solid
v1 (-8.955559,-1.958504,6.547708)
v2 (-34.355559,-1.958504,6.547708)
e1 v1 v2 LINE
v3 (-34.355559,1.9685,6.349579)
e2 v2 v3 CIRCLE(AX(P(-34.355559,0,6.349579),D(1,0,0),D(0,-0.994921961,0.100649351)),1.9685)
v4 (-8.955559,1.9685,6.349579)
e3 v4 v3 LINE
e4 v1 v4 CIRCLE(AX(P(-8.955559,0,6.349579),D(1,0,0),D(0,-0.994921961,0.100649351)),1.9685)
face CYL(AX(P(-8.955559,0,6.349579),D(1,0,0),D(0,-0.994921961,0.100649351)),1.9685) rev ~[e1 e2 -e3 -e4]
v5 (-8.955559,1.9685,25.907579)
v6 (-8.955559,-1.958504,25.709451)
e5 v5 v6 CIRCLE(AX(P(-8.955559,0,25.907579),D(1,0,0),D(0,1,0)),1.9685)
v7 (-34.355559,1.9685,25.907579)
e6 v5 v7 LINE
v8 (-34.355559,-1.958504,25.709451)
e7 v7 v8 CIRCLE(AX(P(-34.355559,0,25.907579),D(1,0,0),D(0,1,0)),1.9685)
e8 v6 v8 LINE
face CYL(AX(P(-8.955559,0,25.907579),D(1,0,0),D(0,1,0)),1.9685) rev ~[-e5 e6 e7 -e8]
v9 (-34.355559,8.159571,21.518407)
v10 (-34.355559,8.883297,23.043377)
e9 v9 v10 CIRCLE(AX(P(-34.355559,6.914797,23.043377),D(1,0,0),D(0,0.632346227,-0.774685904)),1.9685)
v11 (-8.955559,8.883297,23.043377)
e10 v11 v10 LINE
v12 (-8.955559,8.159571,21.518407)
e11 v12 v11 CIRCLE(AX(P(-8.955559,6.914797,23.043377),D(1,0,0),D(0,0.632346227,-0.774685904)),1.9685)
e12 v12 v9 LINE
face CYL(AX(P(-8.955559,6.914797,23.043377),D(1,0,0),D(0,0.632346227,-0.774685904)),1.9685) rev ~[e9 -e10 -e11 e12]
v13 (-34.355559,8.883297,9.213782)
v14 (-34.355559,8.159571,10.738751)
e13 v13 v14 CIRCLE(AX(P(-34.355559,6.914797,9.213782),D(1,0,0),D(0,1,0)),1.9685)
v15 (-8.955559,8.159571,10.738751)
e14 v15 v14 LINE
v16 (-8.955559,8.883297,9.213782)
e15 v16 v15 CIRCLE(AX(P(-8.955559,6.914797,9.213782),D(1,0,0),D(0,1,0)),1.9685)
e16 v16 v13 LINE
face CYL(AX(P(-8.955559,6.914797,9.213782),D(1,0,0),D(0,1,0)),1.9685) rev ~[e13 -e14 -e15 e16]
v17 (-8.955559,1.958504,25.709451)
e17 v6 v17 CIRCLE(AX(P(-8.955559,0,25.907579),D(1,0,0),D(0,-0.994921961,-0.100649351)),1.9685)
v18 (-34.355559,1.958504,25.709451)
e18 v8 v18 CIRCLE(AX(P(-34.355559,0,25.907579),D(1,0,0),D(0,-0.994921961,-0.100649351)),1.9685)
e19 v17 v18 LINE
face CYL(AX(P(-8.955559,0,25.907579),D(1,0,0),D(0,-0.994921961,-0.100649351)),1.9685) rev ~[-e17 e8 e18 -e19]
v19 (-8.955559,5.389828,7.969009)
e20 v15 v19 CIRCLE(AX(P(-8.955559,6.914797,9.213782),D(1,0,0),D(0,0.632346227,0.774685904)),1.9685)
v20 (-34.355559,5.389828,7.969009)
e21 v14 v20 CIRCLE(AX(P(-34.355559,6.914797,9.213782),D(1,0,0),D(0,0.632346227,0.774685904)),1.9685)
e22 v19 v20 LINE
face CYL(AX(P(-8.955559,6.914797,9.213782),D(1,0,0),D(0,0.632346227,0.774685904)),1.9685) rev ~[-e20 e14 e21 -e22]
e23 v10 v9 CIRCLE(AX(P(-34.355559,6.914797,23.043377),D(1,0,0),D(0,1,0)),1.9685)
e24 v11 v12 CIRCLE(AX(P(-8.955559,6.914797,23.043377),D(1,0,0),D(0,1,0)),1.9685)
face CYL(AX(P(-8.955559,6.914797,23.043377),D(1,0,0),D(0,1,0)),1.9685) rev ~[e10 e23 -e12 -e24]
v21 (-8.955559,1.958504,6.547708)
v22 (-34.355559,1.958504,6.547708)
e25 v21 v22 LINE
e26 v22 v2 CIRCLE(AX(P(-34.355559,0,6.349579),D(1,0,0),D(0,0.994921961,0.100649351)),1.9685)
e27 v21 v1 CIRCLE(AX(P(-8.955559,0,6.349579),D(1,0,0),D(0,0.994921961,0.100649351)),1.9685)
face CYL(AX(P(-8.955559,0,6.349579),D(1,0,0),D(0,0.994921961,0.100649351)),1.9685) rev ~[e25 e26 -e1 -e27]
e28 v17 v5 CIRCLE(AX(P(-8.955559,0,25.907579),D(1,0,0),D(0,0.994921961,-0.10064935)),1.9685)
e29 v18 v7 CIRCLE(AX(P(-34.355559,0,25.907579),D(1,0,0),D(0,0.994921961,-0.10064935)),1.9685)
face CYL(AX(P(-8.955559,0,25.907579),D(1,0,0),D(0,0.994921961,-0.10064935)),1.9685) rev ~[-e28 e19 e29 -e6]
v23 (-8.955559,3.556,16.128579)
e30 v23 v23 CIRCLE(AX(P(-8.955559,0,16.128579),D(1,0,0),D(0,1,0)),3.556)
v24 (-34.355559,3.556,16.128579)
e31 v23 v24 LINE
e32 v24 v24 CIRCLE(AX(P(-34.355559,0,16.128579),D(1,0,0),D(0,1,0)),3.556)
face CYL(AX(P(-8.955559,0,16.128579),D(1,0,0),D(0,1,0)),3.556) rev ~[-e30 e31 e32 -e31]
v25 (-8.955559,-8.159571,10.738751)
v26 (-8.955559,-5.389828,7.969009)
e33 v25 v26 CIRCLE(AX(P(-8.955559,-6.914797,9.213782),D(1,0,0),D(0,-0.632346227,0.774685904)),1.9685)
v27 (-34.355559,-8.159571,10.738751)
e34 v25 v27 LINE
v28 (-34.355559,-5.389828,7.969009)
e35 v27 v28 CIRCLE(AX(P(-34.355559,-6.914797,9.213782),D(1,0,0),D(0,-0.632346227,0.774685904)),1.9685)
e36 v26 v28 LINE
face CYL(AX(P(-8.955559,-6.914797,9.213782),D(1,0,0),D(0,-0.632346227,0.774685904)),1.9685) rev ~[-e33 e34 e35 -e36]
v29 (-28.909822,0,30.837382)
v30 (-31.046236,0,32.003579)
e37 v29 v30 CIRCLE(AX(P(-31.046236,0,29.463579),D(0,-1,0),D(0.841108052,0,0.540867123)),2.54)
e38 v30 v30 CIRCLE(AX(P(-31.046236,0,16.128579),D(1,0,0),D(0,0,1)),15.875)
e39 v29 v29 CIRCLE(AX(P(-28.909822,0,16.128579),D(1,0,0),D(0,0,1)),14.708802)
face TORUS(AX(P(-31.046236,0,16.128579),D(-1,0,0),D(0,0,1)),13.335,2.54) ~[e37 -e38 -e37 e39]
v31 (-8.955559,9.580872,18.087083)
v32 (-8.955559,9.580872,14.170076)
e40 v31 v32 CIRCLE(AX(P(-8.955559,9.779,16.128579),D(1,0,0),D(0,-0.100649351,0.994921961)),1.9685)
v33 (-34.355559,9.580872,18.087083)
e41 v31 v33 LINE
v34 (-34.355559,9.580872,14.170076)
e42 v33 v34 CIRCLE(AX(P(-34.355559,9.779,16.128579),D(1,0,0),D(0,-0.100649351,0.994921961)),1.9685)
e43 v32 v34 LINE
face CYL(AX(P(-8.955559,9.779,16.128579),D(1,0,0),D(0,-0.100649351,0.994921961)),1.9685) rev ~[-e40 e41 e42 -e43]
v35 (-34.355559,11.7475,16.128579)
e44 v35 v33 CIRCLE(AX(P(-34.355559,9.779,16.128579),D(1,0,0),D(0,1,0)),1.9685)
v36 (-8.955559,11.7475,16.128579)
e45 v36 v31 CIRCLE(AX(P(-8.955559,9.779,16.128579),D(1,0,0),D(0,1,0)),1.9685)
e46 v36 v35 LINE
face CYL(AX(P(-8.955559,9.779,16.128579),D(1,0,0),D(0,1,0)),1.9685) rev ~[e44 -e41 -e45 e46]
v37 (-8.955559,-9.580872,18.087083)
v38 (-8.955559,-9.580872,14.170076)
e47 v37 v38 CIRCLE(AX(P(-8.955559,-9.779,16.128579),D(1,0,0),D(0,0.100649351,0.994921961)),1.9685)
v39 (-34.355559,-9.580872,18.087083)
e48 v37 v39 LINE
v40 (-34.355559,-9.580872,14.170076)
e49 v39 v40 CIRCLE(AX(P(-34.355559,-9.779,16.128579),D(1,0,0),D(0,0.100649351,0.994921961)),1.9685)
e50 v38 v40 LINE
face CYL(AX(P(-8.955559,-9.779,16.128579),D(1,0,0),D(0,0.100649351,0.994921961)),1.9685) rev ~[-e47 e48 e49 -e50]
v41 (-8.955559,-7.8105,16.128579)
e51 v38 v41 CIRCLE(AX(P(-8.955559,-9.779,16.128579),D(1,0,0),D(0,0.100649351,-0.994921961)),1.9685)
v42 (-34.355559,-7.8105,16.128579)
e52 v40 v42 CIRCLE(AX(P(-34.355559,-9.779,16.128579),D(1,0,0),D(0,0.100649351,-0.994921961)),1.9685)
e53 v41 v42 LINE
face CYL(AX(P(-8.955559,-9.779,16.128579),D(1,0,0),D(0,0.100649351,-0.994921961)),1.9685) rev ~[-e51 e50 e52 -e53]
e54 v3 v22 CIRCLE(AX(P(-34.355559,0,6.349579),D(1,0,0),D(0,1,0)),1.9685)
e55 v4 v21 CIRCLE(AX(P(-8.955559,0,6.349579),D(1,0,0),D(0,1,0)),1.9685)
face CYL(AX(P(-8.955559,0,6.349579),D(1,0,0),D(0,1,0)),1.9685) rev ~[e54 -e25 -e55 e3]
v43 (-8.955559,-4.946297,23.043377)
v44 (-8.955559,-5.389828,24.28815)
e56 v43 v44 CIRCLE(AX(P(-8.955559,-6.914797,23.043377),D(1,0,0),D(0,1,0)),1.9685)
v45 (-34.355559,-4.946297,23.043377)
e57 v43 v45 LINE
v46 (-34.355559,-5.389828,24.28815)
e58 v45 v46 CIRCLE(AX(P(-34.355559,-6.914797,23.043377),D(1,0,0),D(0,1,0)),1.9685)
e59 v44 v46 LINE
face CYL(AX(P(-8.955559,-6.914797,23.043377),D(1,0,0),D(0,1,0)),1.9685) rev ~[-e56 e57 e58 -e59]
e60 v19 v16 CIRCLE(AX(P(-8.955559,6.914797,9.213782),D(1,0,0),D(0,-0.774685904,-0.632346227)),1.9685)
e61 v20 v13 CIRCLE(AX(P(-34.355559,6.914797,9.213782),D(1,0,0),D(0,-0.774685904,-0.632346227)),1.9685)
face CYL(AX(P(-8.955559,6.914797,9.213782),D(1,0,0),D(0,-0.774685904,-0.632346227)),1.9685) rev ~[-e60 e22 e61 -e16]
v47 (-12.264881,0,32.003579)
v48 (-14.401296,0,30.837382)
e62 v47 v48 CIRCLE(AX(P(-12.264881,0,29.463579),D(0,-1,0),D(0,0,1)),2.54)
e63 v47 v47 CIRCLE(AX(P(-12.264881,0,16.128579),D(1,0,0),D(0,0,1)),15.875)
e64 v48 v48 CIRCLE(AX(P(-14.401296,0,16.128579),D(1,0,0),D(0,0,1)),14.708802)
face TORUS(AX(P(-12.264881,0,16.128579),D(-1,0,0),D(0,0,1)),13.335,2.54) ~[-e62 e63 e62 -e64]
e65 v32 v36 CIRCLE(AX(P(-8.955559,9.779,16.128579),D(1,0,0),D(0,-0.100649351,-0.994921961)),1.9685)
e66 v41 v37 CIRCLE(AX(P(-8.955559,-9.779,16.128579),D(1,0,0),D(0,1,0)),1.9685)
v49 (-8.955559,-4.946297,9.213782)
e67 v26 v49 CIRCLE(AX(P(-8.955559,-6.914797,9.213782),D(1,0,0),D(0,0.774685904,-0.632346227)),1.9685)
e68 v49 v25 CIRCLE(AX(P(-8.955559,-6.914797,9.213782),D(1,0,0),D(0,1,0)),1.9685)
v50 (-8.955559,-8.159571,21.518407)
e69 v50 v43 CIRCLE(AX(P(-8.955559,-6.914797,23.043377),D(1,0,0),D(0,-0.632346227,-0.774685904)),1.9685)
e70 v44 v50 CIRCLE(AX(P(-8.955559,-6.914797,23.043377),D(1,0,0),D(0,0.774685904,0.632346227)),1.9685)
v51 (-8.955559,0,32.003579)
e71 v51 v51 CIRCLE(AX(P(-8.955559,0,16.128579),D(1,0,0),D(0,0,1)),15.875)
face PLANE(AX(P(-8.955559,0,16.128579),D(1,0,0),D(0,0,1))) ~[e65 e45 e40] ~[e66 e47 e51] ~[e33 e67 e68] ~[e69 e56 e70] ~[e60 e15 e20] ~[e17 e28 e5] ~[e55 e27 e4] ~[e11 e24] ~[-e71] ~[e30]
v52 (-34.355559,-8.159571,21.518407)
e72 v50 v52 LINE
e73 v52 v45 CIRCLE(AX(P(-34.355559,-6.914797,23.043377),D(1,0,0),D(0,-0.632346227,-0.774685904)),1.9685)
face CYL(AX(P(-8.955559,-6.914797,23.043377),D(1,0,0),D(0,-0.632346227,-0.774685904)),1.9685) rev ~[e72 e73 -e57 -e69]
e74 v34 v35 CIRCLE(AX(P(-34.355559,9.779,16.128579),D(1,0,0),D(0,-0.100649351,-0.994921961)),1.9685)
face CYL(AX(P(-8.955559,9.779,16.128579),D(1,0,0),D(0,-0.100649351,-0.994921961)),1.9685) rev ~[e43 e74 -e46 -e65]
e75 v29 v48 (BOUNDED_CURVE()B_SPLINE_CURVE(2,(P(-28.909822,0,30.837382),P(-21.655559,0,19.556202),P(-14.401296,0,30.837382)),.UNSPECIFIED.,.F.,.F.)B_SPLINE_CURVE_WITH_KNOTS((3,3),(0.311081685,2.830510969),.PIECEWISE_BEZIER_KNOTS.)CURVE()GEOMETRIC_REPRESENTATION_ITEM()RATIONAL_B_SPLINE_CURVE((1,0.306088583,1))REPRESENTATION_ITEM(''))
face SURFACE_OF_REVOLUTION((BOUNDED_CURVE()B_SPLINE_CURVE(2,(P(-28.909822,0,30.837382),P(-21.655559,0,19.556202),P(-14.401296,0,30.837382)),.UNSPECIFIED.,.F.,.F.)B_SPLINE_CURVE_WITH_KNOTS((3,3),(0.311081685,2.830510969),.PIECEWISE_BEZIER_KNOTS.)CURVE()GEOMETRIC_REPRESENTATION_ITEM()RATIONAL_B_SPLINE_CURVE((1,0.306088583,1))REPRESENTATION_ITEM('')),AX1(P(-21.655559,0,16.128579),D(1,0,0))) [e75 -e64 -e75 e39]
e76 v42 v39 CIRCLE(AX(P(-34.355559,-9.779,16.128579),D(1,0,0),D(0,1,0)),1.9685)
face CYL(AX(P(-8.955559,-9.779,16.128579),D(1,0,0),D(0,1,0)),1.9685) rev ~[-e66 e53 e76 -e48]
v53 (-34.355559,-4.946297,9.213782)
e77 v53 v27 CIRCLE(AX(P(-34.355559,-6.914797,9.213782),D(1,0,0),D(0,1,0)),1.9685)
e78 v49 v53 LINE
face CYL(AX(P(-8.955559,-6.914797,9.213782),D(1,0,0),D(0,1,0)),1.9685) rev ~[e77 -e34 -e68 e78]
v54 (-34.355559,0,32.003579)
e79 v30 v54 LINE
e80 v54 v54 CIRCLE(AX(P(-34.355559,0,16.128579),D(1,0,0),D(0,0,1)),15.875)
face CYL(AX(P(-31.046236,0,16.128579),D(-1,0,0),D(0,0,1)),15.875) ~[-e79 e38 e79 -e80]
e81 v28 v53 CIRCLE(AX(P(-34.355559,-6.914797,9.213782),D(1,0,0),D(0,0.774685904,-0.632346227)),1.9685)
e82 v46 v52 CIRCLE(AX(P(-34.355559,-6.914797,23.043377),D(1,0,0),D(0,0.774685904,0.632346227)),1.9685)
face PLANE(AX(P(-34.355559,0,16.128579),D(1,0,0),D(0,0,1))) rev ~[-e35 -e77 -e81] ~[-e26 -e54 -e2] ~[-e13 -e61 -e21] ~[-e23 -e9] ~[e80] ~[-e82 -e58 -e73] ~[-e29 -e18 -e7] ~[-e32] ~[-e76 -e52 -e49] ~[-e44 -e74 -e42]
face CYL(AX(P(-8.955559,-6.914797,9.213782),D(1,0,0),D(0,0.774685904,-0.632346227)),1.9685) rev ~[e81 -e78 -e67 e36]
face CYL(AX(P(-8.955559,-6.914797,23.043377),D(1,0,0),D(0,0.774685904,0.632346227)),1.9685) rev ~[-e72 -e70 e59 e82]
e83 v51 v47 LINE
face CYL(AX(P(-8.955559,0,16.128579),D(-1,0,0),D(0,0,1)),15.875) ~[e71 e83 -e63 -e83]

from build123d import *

# Parameters (mm, degrees)
F2_R     = 3.556
F3_DEPTH = 25.4


with BuildPart() as f1:
    # F0 (on Front) → F1 (revolve)
    with BuildSketch(Plane.XZ):
        with BuildLine():
            Line((-34.355558762, 32.0035794258), (-34.355558762, 16.1285794258))
            Line((-34.355558762, 16.1285794258), (-8.955558762, 16.1285794258))
            Line((-8.955558762, 16.1285794258), (-8.955558762, 32.0035794258))
            Line((-8.955558762, 32.0035794258), (-12.2648811793, 32.0035794258))
            ThreePointArc((-12.2648811793, 32.0035794258), (-13.481873716, 31.6930477852), (-14.4012956315, 30.8373819184))
            add(Edge.make_bspline(
                [(-28.9098218924, 30.8373819184), (-21.655558762, 19.5562023631), (-14.4012956315, 30.8373819184)],
                knots=[0.3110816849, 0.3110816849, 0.3110816849, 2.8305109687, 2.8305109687, 2.8305109687], degree=2, weights=[1, 0.3060885826, 1]))
            ThreePointArc((-28.9098218924, 30.8373819184), (-29.8292438079, 31.6930477852), (-31.0462363446, 32.0035794258))
            Line((-31.0462363446, 32.0035794258), (-34.355558762, 32.0035794258))
        make_face()
    revolve(axis=Axis((-21.655558762, 0, 16.1285794258), (1, 0, 0)))

    # F2 (on face) → F3 (cut)
    with BuildSketch(Plane.YZ.offset(-8.955558762)):
        with BuildLine():
            ThreePointArc((5.3898280119, 24.2881501867), (5.5228575145, 21.6514369403), (8.1595707609, 21.5184074377))
            ThreePointArc((8.1595707609, 21.5184074377), (6.9147972132, 23.043376639), (5.3898280119, 24.2881501867))
        make_face()
        with BuildLine():
            ThreePointArc((5.3898280119, 24.2881501867), (6.9147972132, 23.043376639), (8.1595707609, 21.5184074377))
            ThreePointArc((8.1595707609, 21.5184074377), (8.6931853849, 22.1993815202), (8.8832972132, 23.043376639))
            ThreePointArc((8.8832972132, 23.043376639), (7.5755128772, 24.8976816467), (5.3898280119, 24.2881501867))
        make_face()
        with BuildLine():
            ThreePointArc((-1.95850388, 25.7094511791), (0, 23.9390794258), (1.95850388, 25.7094511791))
            ThreePointArc((1.95850388, 25.7094511791), (0, 25.9075794258), (-1.95850388, 25.7094511791))
        make_face()
        with BuildLine():
            ThreePointArc((-1.95850388, 25.7094511791), (0, 25.9075794258), (1.95850388, 25.7094511791))
            ThreePointArc((1.95850388, 25.7094511791), (1.9659993817, 25.8083892996), (1.9685, 25.9075794258))
            ThreePointArc((1.9685, 25.9075794258), (-0.0991901262, 27.8735788075), (-1.95850388, 25.7094511791))
        make_face()
        with BuildLine():
            ThreePointArc((-4.9462972132, 23.043376639), (-5.0604922056, 23.704092303), (-5.3898280119, 24.2881501867))
            ThreePointArc((-5.3898280119, 24.2881501867), (-6.9147972132, 23.043376639), (-8.1595707609, 21.5184074377))
            ThreePointArc((-8.1595707609, 21.5184074377), (-6.0708020943, 21.2649884673), (-4.9462972132, 23.043376639))
        make_face()
        with BuildLine():
            ThreePointArc((-8.1595707609, 21.5184074377), (-6.9147972132, 23.043376639), (-5.3898280119, 24.2881501867))
            ThreePointArc((-5.3898280119, 24.2881501867), (-8.306736912, 24.4353163378), (-8.1595707609, 21.5184074377))
        make_face()
        with BuildLine():
            ThreePointArc((-7.8105, 16.1285794258), (-8.3186904945, 17.4486129095), (-9.5808717532, 18.0870833058))
            ThreePointArc((-9.5808717532, 18.0870833058), (-9.779, 16.1285794258), (-9.5808717532, 14.1700755458))
            ThreePointArc((-9.5808717532, 14.1700755458), (-8.3186904945, 14.8085459421), (-7.8105, 16.1285794258))
        make_face()
        with BuildLine():
            ThreePointArc((-9.5808717532, 14.1700755458), (-9.779, 16.1285794258), (-9.5808717532, 18.0870833058))
            ThreePointArc((-9.5808717532, 18.0870833058), (-11.7475, 16.1285794258), (-9.5808717532, 14.1700755458))
        make_face()
        with BuildLine():
            ThreePointArc((-8.1595707609, 10.7387514139), (-6.9147972132, 9.2137822126), (-5.3898280119, 7.9690086649))
            ThreePointArc((-5.3898280119, 7.9690086649), (-5.0604922056, 8.5530665486), (-4.9462972132, 9.2137822126))
            ThreePointArc((-4.9462972132, 9.2137822126), (-6.0708020943, 10.9921703843), (-8.1595707609, 10.7387514139))
        make_face()
        with BuildLine():
            ThreePointArc((-8.1595707609, 10.7387514139), (-8.306736912, 7.8218425138), (-5.3898280119, 7.9690086649))
            ThreePointArc((-5.3898280119, 7.9690086649), (-6.9147972132, 9.2137822126), (-8.1595707609, 10.7387514139))
        make_face()
        with BuildLine():
            ThreePointArc((-1.95850388, 6.5477076726), (0, 6.3495794258), (1.95850388, 6.5477076726))
            ThreePointArc((1.95850388, 6.5477076726), (0, 8.3180794258), (-1.95850388, 6.5477076726))
        make_face()
        with BuildLine():
            ThreePointArc((1.9685, 6.3495794258), (1.9659993817, 6.4487695521), (1.95850388, 6.5477076726))
            ThreePointArc((1.95850388, 6.5477076726), (0, 6.3495794258), (-1.95850388, 6.5477076726))
            ThreePointArc((-1.95850388, 6.5477076726), (-0.0991901262, 4.3835800441), (1.9685, 6.3495794258))
        make_face()
        with BuildLine():
            ThreePointArc((5.3898280119, 7.9690086649), (6.9147972132, 9.2137822126), (8.1595707609, 10.7387514139))
            ThreePointArc((8.1595707609, 10.7387514139), (5.5228575145, 10.6057219114), (5.3898280119, 7.9690086649))
        make_face()
        with BuildLine():
            ThreePointArc((8.8832972132, 9.2137822126), (8.6931853849, 10.0577773315), (8.1595707609, 10.7387514139))
            ThreePointArc((8.1595707609, 10.7387514139), (6.9147972132, 9.2137822126), (5.3898280119, 7.9690086649))
            ThreePointArc((5.3898280119, 7.9690086649), (7.5755128772, 7.3594772049), (8.8832972132, 9.2137822126))
        make_face()
        with BuildLine():
            ThreePointArc((9.5808717532, 14.1700755458), (9.7293418553, 15.1443294258), (9.779, 16.1285794258))
            ThreePointArc((9.779, 16.1285794258), (9.7293418553, 17.1128294258), (9.5808717532, 18.0870833058))
            ThreePointArc((9.5808717532, 18.0870833058), (7.8105, 16.1285794258), (9.5808717532, 14.1700755458))
        make_face()
        with BuildLine():
            ThreePointArc((9.5808717532, 18.0870833058), (9.7293418553, 17.1128294258), (9.779, 16.1285794258))
            ThreePointArc((9.779, 16.1285794258), (9.7293418553, 15.1443294258), (9.5808717532, 14.1700755458))
            ThreePointArc((9.5808717532, 14.1700755458), (11.0990334837, 14.6682699203), (11.7475, 16.1285794258))
            ThreePointArc((11.7475, 16.1285794258), (11.0990334837, 17.5888889313), (9.5808717532, 18.0870833058))
        make_face()
        with Locations((0, 16.1285794258)):
            Circle(F2_R)
    extrude(amount=-F3_DEPTH, mode=Mode.SUBTRACT)


solid = f1.part
